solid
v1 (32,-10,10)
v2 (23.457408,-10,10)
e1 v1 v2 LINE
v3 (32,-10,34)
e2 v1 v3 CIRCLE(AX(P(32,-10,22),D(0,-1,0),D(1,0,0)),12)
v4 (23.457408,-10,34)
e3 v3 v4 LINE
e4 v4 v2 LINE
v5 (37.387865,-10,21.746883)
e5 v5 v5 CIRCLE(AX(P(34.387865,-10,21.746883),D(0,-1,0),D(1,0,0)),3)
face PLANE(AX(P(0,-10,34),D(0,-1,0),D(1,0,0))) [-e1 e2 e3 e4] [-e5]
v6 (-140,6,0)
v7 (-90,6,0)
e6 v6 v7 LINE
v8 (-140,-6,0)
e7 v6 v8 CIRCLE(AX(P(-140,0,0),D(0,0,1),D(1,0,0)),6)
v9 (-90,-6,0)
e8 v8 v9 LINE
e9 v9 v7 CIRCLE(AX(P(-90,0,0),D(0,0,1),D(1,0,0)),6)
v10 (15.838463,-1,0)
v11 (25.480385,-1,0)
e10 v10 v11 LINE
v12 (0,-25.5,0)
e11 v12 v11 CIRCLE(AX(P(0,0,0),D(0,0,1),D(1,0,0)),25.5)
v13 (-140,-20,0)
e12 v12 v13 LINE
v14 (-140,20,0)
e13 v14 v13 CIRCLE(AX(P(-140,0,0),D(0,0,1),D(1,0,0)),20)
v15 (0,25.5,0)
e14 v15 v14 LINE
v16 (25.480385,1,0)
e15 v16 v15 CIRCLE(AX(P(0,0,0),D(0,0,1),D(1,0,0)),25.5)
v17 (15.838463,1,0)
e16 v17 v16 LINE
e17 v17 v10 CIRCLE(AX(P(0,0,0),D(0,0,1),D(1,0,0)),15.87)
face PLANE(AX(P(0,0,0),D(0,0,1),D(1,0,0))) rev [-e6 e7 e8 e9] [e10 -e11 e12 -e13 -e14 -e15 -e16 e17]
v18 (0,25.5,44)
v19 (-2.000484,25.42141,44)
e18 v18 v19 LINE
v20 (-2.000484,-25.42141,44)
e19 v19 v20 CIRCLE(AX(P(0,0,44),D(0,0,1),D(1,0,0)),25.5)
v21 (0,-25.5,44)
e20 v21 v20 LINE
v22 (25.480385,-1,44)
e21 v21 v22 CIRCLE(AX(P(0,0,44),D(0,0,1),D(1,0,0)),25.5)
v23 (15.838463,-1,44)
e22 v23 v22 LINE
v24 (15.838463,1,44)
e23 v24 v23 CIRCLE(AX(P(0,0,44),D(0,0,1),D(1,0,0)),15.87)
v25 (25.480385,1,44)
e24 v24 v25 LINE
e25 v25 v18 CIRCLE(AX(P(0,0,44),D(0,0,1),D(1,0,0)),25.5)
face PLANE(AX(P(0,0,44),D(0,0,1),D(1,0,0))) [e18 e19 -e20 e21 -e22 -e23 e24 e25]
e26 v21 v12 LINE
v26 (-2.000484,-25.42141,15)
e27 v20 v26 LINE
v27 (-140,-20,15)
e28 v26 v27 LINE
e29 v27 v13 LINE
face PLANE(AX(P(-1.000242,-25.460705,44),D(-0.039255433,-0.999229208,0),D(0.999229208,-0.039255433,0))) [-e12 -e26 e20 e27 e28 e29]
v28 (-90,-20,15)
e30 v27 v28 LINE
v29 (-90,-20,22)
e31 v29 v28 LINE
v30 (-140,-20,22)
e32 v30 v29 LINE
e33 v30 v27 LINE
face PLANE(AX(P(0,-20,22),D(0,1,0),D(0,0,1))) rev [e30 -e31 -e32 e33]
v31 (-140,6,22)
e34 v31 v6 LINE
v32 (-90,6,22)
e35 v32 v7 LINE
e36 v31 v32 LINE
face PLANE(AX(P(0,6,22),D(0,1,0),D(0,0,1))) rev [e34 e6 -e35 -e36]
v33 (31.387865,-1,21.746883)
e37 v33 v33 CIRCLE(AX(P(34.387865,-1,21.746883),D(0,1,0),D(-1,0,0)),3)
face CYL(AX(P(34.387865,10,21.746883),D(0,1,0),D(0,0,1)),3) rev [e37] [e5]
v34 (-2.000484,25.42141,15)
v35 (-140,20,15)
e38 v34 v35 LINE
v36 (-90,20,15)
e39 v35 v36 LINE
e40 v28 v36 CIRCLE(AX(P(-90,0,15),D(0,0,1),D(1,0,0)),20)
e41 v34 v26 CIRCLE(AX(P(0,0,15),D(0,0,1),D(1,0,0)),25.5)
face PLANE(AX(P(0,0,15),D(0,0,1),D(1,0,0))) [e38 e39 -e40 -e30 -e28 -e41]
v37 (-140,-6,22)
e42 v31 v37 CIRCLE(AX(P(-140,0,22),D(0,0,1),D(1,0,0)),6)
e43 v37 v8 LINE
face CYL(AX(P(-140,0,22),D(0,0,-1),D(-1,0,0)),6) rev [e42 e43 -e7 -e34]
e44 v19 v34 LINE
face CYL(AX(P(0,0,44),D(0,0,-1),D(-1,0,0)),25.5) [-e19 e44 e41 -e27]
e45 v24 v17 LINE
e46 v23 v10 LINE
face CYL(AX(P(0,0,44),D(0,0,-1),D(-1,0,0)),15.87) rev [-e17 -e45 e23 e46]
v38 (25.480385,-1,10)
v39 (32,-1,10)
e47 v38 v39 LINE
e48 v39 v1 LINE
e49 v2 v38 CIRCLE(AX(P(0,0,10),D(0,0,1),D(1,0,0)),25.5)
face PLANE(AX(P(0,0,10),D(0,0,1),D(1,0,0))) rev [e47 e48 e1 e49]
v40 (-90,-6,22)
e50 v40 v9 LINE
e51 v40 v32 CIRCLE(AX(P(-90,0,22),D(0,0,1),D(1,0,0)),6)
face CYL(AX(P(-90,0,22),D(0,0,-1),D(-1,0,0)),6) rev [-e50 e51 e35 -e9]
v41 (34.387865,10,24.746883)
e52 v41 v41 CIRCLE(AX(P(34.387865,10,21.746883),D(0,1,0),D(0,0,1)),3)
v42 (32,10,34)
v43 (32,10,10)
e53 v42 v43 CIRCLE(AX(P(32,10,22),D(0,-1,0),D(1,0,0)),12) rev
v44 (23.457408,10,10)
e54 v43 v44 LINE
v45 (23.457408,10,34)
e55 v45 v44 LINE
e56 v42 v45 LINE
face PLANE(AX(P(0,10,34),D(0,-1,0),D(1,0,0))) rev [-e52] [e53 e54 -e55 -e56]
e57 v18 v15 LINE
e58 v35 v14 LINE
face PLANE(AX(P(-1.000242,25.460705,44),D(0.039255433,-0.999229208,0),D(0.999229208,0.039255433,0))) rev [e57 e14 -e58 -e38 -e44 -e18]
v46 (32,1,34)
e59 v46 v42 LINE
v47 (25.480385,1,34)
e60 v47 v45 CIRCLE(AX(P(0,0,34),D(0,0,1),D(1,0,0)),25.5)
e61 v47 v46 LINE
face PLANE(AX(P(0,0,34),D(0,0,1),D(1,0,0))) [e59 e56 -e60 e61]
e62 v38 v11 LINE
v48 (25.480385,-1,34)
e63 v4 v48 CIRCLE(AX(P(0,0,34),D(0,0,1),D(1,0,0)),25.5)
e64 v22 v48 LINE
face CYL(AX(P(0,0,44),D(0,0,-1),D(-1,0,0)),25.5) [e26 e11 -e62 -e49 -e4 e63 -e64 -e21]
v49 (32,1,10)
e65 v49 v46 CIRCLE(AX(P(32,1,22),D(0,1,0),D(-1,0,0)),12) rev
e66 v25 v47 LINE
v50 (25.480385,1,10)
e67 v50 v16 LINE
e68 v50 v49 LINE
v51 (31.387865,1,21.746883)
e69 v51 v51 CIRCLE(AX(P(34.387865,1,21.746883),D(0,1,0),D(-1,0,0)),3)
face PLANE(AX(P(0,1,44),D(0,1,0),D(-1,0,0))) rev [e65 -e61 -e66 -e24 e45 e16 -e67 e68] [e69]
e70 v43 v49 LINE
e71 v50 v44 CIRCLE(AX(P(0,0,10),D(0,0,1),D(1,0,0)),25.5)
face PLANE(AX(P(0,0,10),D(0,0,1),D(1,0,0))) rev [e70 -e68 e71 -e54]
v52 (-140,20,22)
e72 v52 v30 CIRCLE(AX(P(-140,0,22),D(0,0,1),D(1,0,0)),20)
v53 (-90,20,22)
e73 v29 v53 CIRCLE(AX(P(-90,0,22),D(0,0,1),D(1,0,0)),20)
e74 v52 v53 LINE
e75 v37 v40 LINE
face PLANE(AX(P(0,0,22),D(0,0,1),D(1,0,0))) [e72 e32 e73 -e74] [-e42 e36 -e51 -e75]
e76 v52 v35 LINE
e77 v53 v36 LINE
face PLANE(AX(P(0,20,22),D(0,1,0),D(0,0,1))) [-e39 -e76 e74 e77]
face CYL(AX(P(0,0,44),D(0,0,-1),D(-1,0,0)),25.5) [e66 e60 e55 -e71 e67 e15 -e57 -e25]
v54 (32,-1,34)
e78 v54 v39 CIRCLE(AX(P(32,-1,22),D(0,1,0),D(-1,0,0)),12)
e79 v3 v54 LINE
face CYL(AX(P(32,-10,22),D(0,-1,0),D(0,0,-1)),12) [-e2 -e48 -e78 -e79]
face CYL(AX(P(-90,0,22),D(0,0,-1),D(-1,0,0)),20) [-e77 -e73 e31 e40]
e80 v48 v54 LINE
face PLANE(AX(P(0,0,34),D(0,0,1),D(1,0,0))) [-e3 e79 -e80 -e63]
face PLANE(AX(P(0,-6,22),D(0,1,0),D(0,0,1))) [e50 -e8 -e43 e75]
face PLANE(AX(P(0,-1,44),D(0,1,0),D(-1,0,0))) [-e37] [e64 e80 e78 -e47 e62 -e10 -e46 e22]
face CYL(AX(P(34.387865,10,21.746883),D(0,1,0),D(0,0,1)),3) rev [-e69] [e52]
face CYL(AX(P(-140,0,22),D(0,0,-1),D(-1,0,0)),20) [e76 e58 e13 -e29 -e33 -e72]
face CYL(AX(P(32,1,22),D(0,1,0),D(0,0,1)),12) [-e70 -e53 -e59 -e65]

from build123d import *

# Parameters (mm, degrees)
BOSS_EXTRUDE1_DEPTH   = 44
BOSS_EXTRUDE2_DEPTH   = 15
BOSS_EXTRUDE3_DEPTH   = 22
BOSS_EXTRUDE4_START   = 10
BOSS_EXTRUDE4_DEPTH   = 24
FILLET3_RADIUS        = 12
FILLET3_LENGTH        = 9
FILLET4_RADIUS        = 12
FILLET4_LENGTH        = 9
F_6_0MM_DOWEL_HOLE1_D = 6


with BuildPart() as part:
    # Sketch1 → Boss-Extrude1 (new body)
    with BuildSketch(Plane.XY):
        with BuildLine():
            Line((0, 25.5), (-2.000483947, 25.421409559))
            ThreePointArc((-2.000483947, 25.421409559), (-25.5, 0), (-2.000483947, -25.421409559))
            Line((-2.000483947, -25.421409559), (0, -25.5))
            ThreePointArc((0, -25.5), (14.05791592, -21.274985311), (23.457408211, -10))
            ThreePointArc((23.457408211, -10), (24.879246203, -5.592236438), (25.480384612, -1))
            Line((25.480384612, -1), (15.838462678, -1))
            ThreePointArc((15.838462678, -1), (-15.87, 0), (15.838462678, 1))
            Line((15.838462678, 1), (25.480384612, 1))
            ThreePointArc((25.480384612, 1), (24.879246203, 5.592236438), (23.457408211, 10))
            ThreePointArc((23.457408211, 10), (14.05791592, 21.274985311), (0, 25.5))
        make_face()
    extrude(amount=BOSS_EXTRUDE1_DEPTH)

    # Sketch1<3> → Boss-Extrude2 (add)
    with BuildSketch(Plane.XY):
        with BuildLine():
            Line((-2.000483947, 25.421409559), (-140, 20))
            Line((-140, 20), (-90, 20))
            ThreePointArc((-90, 20), (-70, 0), (-90, -20))
            Line((-90, -20), (-140, -20))
            Line((-140, -20), (-2.000483947, -25.421409559))
            ThreePointArc((-2.000483947, -25.421409559), (-25.5, 0), (-2.000483947, 25.421409559))
        make_face()
    extrude(amount=BOSS_EXTRUDE2_DEPTH)

    # Sketch1<4> → Boss-Extrude3 (add)
    with BuildSketch(Plane.XY):
        with BuildLine():
            Line((-140, -20), (-90, -20))
            ThreePointArc((-90, -20), (-70, 0), (-90, 20))
            Line((-90, 20), (-140, 20))
            ThreePointArc((-140, 20), (-160, 0), (-140, -20))
        make_face()
        with BuildLine():
            ThreePointArc((-90, -6), (-84, 0), (-90, 6))
            Line((-90, 6), (-140, 6))
            ThreePointArc((-140, 6), (-146, 0), (-140, -6))
            Line((-140, -6), (-90, -6))
        make_face(mode=Mode.SUBTRACT)
    extrude(amount=BOSS_EXTRUDE3_DEPTH)

    # Sketch1<5> → Boss-Extrude4 (add)
    with BuildSketch(Plane.XY.offset(BOSS_EXTRUDE4_START)):
        with BuildLine():
            Line((44, 10), (23.457408211, 10))
            ThreePointArc((23.457408211, 10), (24.879246203, 5.592236438), (25.480384612, 1))
            Line((25.480384612, 1), (44, 1))
            Line((44, 1), (44, 10))
        make_face()
        with BuildLine():
            ThreePointArc((25.480384612, -1), (24.879246203, -5.592236438), (23.457408211, -10))
            Line((23.457408211, -10), (44, -10))
            Line((44, -10), (44, -1))
            Line((44, -1), (25.480384612, -1))
        make_face()
    extrude(amount=BOSS_EXTRUDE4_DEPTH)

    # Fillet3: full round fillet: the end face becomes a half cylinder, R = half its width
    fillet3_face = Plane((44, 5.5, 22), x_dir=(0, 1, 0), z_dir=(1, 0, 0))  # on the end face: x along it, z out of the body
    fillet3_slab = fillet3_face.offset(-FILLET3_RADIUS / 2) * Box(FILLET3_LENGTH, 2 * FILLET3_RADIUS, FILLET3_RADIUS, mode=Mode.PRIVATE)  # the body's end, R deep
    fillet3_round = Plane((32, 5.5, 22), x_dir=(1, 0, 0), z_dir=(0, 1, 0)) * Cylinder(FILLET3_RADIUS, FILLET3_LENGTH, mode=Mode.PRIVATE)  # its axis R under the face
    add(fillet3_slab - fillet3_round, mode=Mode.SUBTRACT)

    # Fillet4: full round fillet: the end face becomes a half cylinder, R = half its width
    fillet4_face = Plane((44, -5.5, 22), x_dir=(0, -1, 0), z_dir=(1, 0, 0))  # on the end face: x along it, z out of the body
    fillet4_slab = fillet4_face.offset(-FILLET4_RADIUS / 2) * Box(FILLET4_LENGTH, 2 * FILLET4_RADIUS, FILLET4_RADIUS, mode=Mode.PRIVATE)  # the body's end, R deep
    fillet4_round = Plane((32, -5.5, 22), x_dir=(1, 0, 0), z_dir=(0, -1, 0)) * Cylinder(FILLET4_RADIUS, FILLET4_LENGTH, mode=Mode.PRIVATE)  # its axis R under the face
    add(fillet4_slab - fillet4_round, mode=Mode.SUBTRACT)

    # Ø6.0mm Dowel Hole1 (through all)
    with Locations(Plane(origin=(34.387865252, 10, 21.746882561), x_dir=(1, 0, 0), z_dir=(0, 1, 0))):
        with Locations((0, 0)):
            Hole(F_6_0MM_DOWEL_HOLE1_D / 2)


solid = part.part
